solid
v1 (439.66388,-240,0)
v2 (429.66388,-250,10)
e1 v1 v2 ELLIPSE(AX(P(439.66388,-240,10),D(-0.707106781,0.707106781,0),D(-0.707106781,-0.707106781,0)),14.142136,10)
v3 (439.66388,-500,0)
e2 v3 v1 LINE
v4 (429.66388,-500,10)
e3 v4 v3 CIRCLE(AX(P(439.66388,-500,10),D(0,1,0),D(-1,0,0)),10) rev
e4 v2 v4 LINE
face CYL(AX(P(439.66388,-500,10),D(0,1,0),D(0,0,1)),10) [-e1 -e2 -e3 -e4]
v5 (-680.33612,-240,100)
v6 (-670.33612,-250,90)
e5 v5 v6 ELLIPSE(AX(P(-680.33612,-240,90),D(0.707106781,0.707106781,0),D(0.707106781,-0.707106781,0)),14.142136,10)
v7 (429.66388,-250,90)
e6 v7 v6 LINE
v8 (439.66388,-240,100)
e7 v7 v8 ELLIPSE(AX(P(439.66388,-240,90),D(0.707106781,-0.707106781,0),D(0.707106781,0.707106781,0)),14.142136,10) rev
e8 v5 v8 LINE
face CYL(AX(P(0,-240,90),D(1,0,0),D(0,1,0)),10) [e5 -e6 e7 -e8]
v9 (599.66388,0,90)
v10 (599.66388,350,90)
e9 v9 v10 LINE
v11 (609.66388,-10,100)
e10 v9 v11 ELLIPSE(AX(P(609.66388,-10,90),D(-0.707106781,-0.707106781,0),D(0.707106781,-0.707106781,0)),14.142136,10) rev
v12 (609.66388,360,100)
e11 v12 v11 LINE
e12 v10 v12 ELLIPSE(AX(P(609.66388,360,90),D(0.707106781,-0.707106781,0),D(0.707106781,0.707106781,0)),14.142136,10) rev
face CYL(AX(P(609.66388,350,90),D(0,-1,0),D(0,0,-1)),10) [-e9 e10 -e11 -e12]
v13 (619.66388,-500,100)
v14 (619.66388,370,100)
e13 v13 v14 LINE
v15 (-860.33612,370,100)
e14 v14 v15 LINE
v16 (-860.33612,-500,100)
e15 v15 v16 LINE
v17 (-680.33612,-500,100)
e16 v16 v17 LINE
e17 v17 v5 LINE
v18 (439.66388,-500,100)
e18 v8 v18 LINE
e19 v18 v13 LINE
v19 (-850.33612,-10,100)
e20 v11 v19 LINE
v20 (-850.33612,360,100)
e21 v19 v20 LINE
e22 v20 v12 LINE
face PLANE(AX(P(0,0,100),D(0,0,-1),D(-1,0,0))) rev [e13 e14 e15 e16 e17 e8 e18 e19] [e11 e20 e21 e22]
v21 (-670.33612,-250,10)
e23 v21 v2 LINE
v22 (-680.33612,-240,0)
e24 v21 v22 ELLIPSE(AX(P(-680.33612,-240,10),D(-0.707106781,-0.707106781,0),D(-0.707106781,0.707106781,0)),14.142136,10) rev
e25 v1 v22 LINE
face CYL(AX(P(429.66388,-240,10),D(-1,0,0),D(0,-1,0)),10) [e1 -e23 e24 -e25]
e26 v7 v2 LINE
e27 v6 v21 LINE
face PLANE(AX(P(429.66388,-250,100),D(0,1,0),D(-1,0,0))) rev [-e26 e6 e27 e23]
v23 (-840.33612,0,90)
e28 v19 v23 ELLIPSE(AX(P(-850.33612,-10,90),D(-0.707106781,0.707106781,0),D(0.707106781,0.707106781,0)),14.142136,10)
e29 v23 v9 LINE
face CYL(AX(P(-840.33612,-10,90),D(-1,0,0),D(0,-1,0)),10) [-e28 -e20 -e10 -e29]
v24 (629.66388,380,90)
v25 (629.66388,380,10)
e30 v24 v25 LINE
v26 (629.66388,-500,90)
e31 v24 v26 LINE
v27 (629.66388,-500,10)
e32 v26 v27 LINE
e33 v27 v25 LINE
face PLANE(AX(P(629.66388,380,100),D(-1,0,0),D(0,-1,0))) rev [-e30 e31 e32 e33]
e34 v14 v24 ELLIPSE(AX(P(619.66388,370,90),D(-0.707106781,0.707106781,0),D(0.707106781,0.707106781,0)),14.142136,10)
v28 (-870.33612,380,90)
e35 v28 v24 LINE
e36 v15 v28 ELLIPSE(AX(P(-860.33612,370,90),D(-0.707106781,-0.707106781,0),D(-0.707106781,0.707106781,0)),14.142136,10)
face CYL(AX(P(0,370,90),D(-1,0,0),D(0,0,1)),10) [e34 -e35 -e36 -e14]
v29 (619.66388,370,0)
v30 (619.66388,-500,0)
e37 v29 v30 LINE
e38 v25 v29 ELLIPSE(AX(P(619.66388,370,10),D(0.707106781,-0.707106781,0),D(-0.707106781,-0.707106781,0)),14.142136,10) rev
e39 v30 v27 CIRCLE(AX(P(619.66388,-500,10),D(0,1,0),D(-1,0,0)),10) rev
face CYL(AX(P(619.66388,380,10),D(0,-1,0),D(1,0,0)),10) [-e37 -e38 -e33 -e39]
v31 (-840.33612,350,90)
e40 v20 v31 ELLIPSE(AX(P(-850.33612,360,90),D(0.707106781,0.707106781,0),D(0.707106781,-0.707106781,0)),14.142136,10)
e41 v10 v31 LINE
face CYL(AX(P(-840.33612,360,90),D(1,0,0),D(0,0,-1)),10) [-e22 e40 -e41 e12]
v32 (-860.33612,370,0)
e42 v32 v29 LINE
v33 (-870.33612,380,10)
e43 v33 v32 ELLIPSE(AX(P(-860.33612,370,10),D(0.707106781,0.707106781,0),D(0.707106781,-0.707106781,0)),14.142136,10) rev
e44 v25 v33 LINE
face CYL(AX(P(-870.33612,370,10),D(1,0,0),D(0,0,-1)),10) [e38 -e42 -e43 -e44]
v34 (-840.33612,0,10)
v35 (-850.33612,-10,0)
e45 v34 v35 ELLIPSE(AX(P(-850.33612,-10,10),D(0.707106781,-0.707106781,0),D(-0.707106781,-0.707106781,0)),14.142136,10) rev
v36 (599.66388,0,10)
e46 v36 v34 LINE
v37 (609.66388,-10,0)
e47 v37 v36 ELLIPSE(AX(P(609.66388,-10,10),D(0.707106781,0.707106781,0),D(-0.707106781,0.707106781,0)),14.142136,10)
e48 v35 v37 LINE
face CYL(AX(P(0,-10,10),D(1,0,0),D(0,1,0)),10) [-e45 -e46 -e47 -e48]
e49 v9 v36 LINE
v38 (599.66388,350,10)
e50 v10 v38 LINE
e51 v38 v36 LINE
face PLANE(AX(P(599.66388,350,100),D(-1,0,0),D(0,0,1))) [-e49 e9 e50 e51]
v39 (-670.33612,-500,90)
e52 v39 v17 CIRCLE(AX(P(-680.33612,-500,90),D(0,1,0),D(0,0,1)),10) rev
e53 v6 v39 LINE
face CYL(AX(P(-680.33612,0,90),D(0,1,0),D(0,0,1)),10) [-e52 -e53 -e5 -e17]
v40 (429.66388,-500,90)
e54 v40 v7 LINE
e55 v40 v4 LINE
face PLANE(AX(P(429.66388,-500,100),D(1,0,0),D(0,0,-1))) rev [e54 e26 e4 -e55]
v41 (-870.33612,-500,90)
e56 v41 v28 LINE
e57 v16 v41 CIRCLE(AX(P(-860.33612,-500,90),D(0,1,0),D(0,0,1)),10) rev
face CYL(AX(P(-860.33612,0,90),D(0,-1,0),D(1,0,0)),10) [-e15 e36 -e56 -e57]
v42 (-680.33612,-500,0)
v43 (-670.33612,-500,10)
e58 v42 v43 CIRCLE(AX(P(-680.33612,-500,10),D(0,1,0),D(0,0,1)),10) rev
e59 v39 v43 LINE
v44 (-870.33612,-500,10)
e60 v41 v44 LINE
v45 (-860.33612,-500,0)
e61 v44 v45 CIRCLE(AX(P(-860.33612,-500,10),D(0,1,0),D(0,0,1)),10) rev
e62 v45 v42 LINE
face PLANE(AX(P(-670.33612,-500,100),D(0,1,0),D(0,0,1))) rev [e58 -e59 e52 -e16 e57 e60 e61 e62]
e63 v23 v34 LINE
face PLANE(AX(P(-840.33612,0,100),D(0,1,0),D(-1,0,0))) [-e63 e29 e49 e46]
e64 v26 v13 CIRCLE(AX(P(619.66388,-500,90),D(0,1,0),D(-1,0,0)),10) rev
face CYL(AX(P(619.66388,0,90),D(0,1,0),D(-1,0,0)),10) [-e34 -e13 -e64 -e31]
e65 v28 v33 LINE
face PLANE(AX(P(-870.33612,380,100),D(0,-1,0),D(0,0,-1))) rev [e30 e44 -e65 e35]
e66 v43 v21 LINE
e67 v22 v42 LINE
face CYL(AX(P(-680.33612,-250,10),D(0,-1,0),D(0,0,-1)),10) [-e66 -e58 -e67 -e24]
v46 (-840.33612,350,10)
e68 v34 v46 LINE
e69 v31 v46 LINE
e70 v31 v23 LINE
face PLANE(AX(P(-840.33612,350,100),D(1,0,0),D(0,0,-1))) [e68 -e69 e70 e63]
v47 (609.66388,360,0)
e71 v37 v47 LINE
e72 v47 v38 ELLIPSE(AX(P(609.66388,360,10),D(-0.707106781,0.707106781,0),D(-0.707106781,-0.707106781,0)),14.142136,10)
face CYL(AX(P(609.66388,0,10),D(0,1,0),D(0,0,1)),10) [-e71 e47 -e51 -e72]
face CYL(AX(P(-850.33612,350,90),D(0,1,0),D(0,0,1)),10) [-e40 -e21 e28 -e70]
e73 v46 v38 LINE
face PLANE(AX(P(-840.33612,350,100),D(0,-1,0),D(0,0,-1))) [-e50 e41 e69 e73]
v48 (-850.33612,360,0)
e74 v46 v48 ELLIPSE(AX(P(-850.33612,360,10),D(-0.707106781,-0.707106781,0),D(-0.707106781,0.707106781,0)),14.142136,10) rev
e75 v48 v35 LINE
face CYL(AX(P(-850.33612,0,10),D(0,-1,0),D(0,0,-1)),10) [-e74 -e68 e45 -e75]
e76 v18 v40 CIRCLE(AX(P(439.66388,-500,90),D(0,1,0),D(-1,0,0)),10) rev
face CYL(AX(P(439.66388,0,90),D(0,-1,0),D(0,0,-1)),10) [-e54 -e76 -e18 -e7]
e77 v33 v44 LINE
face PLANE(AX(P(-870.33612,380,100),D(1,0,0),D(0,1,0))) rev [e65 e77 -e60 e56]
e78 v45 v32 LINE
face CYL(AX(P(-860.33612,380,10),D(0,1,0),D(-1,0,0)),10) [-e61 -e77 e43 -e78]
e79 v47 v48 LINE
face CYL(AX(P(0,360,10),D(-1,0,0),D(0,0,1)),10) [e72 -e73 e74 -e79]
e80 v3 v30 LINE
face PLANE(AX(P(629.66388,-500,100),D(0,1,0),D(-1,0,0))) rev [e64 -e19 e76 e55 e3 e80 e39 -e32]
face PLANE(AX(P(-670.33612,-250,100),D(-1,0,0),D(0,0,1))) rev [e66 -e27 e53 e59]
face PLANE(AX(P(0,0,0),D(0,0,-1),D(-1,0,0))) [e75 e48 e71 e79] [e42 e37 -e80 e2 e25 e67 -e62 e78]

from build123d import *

# Parameters (mm, degrees)
SKETCH1_W           = 1440
SKETCH1_H           = 350
BOSS_EXTRUDE1_DEPTH = 100
FILLET1_R           = 10


with BuildPart() as part:
    # Sketch1 → Boss-Extrude1 (new body)
    with BuildSketch(Plane.XY):
        Polygon((629.663880273, -500), (429.663880273, -500), (429.663880273, -250), (-670.336119727, -250), (-670.336119727, -500), (-870.336119727, -500), (-870.336119727, 380), (629.663880273, 380), align=None)
        with Locations((-120.336119727, 175)):
            Rectangle(SKETCH1_W, SKETCH1_H, mode=Mode.SUBTRACT)
    extrude(amount=BOSS_EXTRUDE1_DEPTH)

    # Fillet1
    fillet1_edges = [part.edges().sort_by_distance(p)[0] for p in [
        (429.663880273, -375, 0),
        (-120.336119727, -250, 0),
        (-670.336119727, -375, 0),
        (429.663880273, -375, 100),
        (629.663880273, -60, 100),
        (-840.336119727, 175, 0),
        (-120.336119727, 0, 0),
        (-120.336119727, 380, 100),
        (599.663880273, 175, 0),
        (-120.336119727, 350, 0),
        (-840.336119727, 175, 100),
        (-120.336119727, 0, 100),
        (599.663880273, 175, 100),
        (-120.336119727, 350, 100),
        (-870.336119727, -60, 100),
        (-670.336119727, -375, 100),
        (-120.336119727, -250, 100),
        (-870.336119727, -60, 0),
        (-120.336119727, 380, 0),
        (629.663880273, -60, 0),
    ]]
    fillet(fillet1_edges, radius=FILLET1_R)


solid = part.part
